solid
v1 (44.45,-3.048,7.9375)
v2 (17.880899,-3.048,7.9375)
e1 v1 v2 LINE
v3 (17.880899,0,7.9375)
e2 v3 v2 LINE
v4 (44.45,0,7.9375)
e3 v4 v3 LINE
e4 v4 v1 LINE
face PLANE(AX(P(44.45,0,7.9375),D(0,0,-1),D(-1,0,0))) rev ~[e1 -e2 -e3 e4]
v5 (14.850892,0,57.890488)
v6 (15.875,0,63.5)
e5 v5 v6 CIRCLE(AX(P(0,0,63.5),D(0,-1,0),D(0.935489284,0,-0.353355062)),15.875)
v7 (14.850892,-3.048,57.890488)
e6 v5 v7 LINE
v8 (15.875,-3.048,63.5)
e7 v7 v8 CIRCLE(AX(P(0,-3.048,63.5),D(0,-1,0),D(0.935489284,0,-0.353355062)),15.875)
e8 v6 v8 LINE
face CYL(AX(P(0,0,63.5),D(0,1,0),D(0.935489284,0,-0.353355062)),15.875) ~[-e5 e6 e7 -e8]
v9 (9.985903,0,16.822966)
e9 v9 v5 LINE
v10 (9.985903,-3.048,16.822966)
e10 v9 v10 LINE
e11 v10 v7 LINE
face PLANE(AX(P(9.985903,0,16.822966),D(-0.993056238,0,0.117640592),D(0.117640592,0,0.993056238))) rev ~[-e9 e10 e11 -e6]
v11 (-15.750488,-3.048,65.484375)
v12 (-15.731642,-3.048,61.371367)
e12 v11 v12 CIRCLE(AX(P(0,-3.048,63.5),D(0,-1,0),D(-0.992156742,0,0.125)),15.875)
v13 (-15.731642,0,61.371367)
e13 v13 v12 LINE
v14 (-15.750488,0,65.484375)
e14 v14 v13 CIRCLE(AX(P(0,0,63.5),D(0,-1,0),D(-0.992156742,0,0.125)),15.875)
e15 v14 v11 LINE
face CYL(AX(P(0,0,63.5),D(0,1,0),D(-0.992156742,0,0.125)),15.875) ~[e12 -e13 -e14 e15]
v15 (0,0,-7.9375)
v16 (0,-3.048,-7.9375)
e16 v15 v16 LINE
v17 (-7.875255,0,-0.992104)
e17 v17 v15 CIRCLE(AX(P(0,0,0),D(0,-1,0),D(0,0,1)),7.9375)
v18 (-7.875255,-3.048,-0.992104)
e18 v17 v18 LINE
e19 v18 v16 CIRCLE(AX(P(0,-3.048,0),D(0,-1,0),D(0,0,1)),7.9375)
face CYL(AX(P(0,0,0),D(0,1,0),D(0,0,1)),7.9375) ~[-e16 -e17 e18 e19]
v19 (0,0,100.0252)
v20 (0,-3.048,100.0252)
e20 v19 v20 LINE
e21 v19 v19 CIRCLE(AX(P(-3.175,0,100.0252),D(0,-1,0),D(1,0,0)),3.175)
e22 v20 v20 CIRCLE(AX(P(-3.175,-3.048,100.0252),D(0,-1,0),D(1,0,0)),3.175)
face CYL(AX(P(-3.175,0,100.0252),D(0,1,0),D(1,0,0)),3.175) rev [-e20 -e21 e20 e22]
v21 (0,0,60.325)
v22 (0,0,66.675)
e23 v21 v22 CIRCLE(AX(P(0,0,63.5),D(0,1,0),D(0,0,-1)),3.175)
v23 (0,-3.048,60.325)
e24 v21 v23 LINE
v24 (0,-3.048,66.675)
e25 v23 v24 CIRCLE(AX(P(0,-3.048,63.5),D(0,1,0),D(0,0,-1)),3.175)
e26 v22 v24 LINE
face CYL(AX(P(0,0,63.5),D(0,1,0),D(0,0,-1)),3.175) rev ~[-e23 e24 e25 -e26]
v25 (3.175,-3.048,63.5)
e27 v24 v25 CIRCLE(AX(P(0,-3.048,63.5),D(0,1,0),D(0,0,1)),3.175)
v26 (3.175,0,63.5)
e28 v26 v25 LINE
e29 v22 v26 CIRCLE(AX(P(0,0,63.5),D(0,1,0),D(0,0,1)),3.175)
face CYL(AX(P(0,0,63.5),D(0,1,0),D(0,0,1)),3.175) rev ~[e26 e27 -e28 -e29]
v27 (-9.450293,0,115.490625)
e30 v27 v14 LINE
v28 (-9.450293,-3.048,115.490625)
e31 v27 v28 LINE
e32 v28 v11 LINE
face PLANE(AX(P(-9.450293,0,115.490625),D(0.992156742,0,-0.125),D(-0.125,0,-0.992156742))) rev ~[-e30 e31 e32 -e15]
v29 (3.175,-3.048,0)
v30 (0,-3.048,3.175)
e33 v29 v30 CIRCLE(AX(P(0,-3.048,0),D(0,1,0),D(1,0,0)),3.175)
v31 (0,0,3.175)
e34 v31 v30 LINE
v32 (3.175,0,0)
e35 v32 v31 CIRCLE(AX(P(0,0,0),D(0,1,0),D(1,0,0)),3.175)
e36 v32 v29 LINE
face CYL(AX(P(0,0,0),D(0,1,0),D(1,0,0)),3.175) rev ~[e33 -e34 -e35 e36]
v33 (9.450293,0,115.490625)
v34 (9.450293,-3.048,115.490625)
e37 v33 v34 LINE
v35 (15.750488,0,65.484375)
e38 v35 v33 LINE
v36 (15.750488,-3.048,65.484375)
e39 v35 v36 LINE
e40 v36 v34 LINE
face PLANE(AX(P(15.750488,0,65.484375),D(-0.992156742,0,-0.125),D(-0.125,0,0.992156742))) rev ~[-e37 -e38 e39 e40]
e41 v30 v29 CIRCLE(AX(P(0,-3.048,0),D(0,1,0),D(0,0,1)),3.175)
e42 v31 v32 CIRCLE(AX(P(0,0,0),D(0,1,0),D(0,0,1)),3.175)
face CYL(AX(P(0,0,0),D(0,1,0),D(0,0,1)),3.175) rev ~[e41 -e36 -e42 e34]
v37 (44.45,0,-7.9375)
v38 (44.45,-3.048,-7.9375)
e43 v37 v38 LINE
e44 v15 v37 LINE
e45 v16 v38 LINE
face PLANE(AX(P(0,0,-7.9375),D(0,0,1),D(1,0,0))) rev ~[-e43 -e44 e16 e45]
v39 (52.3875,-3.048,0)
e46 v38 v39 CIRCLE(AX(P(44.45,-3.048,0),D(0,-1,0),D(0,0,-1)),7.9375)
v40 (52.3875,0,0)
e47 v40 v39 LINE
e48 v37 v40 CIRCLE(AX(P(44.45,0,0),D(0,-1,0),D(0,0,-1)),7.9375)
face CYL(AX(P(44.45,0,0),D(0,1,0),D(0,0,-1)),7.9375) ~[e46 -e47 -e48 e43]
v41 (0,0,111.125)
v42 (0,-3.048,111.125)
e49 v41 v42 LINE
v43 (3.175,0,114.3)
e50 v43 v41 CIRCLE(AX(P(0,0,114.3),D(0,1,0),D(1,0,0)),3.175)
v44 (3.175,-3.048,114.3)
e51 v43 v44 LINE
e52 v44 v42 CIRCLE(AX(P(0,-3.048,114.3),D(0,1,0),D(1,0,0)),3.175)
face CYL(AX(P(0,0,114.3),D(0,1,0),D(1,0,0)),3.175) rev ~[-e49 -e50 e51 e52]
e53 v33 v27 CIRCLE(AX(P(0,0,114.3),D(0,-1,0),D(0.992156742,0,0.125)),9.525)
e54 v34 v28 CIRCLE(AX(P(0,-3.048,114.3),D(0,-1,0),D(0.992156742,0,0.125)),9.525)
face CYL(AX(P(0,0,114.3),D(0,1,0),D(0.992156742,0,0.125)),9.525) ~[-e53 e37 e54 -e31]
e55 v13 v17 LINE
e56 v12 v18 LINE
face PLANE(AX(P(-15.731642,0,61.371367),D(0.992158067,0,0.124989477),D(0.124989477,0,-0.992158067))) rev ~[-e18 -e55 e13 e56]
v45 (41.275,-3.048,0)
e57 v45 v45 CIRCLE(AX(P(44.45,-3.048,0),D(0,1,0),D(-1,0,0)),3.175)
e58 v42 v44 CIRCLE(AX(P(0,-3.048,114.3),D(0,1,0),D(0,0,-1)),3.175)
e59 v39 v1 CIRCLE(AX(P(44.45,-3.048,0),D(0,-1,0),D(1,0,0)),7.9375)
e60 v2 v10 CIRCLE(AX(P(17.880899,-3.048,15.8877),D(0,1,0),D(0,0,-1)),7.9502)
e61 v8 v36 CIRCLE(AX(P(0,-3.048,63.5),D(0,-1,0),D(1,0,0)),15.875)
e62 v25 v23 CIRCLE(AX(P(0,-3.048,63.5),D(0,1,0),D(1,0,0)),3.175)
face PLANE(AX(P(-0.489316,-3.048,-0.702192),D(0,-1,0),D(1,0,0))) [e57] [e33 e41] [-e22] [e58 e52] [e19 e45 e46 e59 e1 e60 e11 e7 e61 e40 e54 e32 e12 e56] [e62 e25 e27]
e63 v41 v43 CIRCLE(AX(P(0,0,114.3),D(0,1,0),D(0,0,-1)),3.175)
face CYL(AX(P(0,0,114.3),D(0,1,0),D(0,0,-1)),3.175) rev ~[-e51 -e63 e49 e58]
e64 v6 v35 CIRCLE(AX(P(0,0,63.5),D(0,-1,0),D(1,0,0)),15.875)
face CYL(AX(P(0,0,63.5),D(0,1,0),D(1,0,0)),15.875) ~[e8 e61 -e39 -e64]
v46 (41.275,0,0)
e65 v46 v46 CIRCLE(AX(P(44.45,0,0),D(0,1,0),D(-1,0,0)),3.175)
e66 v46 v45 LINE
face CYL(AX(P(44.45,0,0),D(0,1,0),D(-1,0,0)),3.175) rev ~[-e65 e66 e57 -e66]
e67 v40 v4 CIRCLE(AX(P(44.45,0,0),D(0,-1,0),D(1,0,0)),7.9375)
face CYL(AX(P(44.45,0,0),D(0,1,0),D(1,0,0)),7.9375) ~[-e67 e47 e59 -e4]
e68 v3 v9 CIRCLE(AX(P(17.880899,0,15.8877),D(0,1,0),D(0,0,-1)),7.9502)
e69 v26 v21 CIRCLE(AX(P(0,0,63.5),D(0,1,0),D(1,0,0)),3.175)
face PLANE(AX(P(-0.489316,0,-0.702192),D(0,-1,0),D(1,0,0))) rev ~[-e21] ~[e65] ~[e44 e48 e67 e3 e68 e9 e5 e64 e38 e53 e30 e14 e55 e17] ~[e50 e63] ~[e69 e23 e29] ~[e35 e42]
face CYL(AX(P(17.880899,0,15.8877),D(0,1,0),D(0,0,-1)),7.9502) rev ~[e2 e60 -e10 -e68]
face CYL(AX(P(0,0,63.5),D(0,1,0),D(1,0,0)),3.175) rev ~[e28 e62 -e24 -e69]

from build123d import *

# Parameters (mm, degrees)
F0_R     = 3.175
F1_DEPTH = 3.048


with BuildPart() as f1:
    # F0 (on Front) → F1 (new body)
    with BuildSketch(Plane.XZ):
        with BuildLine():
            ThreePointArc((0, 7.9375), (-5.9530971591, 5.2501943263), (-7.8752546592, -0.9921039775))
            ThreePointArc((-7.8752546592, -0.9921039775), (-5.2501943263, -5.9530971591), (0, -7.9375))
            ThreePointArc((0, -7.9375), (5.6126600757, -5.6126600757), (7.9375, 0))
            Line((7.9375, 0), (3.175, 0))
            ThreePointArc((3.175, 0), (-2.2450640303, -2.2450640303), (0, 3.175))
            Line((0, 3.175), (0, 7.9375))
        make_face()
        with BuildLine():
            Line((-15.7316415107, 61.3713665467), (-7.8752546592, -0.9921039775))
            ThreePointArc((-7.8752546592, -0.9921039775), (-5.9530971591, 5.2501943263), (0, 7.9375))
            Line((0, 7.9375), (0, 47.625))
            ThreePointArc((0, 47.625), (-10.4456586419, 51.5457605622), (-15.7316415107, 61.3713665467))
        make_face()
        with BuildLine():
            ThreePointArc((7.9375, 0), (5.6126600757, -5.6126600757), (0, -7.9375))
            Line((0, -7.9375), (44.45, -7.9375))
            ThreePointArc((44.45, -7.9375), (38.8373399243, -5.6126600757), (36.5125, 0))
            Line((36.5125, 0), (7.9375, 0))
        make_face()
        with BuildLine():
            Line((0, 47.625), (0, 7.9375))
            ThreePointArc((0, 7.9375), (5.6126600757, 5.6126600757), (7.9375, 0))
            Line((7.9375, 0), (36.5125, 0))
            ThreePointArc((36.5125, 0), (38.8373399243, 5.6126600757), (44.45, 7.9375))
            Line((44.45, 7.9375), (17.8808991438, 7.9375))
            ThreePointArc((17.8808991438, 7.9375), (11.9377840665, 10.6070690511), (9.9859034431, 16.8229662327))
            Line((9.9859034431, 16.8229662327), (14.8508923783, 57.8904883841))
            ThreePointArc((14.8508923783, 57.8904883841), (9.0267554553, 50.4411596629), (0, 47.625))
        make_face()
        with BuildLine():
            ThreePointArc((-15.7504882737, 65.484375), (-15.8748333401, 63.4272578151), (-15.7316415107, 61.3713665467))
            ThreePointArc((-15.7316415107, 61.3713665467), (-10.4456586419, 51.5457605622), (0, 47.625))
            Line((0, 47.625), (0, 60.325))
            ThreePointArc((0, 60.325), (-3.175, 63.5), (0, 66.675))
            Line((0, 66.675), (0, 79.375))
            ThreePointArc((0, 79.375), (-10.5003255158, 75.40625), (-15.7504882737, 65.484375))
        make_face()
        with BuildLine():
            ThreePointArc((36.5125, 0), (38.8373399243, -5.6126600757), (44.45, -7.9375))
            ThreePointArc((44.45, -7.9375), (50.0626600757, -5.6126600757), (52.3875, 0))
            ThreePointArc((52.3875, 0), (50.0626600757, 5.6126600757), (44.45, 7.9375))
            ThreePointArc((44.45, 7.9375), (38.8373399243, 5.6126600757), (36.5125, 0))
        make_face()
        with BuildLine():
            ThreePointArc((47.625, 0), (44.45, -3.175), (41.275, 0))
            ThreePointArc((41.275, 0), (44.45, 3.175), (47.625, 0))
        make_face(mode=Mode.SUBTRACT)
        with BuildLine():
            Line((0, 60.325), (0, 47.625))
            ThreePointArc((0, 47.625), (9.0267554553, 50.4411596629), (14.8508923783, 57.8904883841))
            Line((14.8508923783, 57.8904883841), (15.7504882737, 65.484375))
            ThreePointArc((15.7504882737, 65.484375), (10.5003255158, 75.40625), (0, 79.375))
            Line((0, 79.375), (0, 66.675))
            ThreePointArc((0, 66.675), (2.2450640303, 65.7450640303), (3.175, 63.5))
            ThreePointArc((3.175, 63.5), (2.2450640303, 61.2549359697), (0, 60.325))
        make_face()
        with BuildLine():
            Line((-9.4502929642, 115.490625), (-15.7504882737, 65.484375))
            ThreePointArc((-15.7504882737, 65.484375), (-10.5003255158, 75.40625), (0, 79.375))
            Line((0, 79.375), (0, 100.0252))
            Line((0, 100.0252), (0, 104.775))
            ThreePointArc((0, 104.775), (-7.14375, 107.9998046905), (-9.4502929642, 115.490625))
        make_face()
        with Locations((-3.175, 100.0252)):
            Circle(F0_R, mode=Mode.SUBTRACT)
        with BuildLine():
            Line((15.7504882737, 65.484375), (14.8508923783, 57.8904883841))
            ThreePointArc((14.8508923783, 57.8904883841), (15.6168745514, 60.6488854377), (15.875, 63.5))
            ThreePointArc((15.875, 63.5), (15.8438414904, 64.4941387366), (15.7504882737, 65.484375))
        make_face()
        with BuildLine():
            Line((0, 100.0252), (0, 79.375))
            ThreePointArc((0, 79.375), (10.5003255158, 75.40625), (15.7504882737, 65.484375))
            Line((15.7504882737, 65.484375), (9.4502929642, 115.490625))
            ThreePointArc((9.4502929642, 115.490625), (9.5063048942, 114.896483242), (9.525, 114.3))
            ThreePointArc((9.525, 114.3), (6.7351920908, 107.5648079092), (0, 104.775))
            Line((0, 104.775), (0, 100.0252))
        make_face()
        with BuildLine():
            ThreePointArc((9.4502929642, 115.490625), (0, 123.825), (-9.4502929642, 115.490625))
            ThreePointArc((-9.4502929642, 115.490625), (-7.14375, 107.9998046905), (0, 104.775))
            ThreePointArc((0, 104.775), (6.7351920908, 107.5648079092), (9.525, 114.3))
            ThreePointArc((9.525, 114.3), (9.5063048942, 114.896483242), (9.4502929642, 115.490625))
        make_face()
        with BuildLine():
            ThreePointArc((3.175, 114.3), (2.2450640303, 112.0549359697), (0, 111.125))
            ThreePointArc((0, 111.125), (-2.2450640303, 116.5450640303), (3.175, 114.3))
        make_face(mode=Mode.SUBTRACT)
        with BuildLine():
            ThreePointArc((7.9375, 0), (5.6126600757, 5.6126600757), (0, 7.9375))
            Line((0, 7.9375), (0, 3.175))
            ThreePointArc((0, 3.175), (2.2450640303, 2.2450640303), (3.175, 0))
            Line((3.175, 0), (7.9375, 0))
        make_face()
    extrude(amount=F1_DEPTH)


solid = f1.part
